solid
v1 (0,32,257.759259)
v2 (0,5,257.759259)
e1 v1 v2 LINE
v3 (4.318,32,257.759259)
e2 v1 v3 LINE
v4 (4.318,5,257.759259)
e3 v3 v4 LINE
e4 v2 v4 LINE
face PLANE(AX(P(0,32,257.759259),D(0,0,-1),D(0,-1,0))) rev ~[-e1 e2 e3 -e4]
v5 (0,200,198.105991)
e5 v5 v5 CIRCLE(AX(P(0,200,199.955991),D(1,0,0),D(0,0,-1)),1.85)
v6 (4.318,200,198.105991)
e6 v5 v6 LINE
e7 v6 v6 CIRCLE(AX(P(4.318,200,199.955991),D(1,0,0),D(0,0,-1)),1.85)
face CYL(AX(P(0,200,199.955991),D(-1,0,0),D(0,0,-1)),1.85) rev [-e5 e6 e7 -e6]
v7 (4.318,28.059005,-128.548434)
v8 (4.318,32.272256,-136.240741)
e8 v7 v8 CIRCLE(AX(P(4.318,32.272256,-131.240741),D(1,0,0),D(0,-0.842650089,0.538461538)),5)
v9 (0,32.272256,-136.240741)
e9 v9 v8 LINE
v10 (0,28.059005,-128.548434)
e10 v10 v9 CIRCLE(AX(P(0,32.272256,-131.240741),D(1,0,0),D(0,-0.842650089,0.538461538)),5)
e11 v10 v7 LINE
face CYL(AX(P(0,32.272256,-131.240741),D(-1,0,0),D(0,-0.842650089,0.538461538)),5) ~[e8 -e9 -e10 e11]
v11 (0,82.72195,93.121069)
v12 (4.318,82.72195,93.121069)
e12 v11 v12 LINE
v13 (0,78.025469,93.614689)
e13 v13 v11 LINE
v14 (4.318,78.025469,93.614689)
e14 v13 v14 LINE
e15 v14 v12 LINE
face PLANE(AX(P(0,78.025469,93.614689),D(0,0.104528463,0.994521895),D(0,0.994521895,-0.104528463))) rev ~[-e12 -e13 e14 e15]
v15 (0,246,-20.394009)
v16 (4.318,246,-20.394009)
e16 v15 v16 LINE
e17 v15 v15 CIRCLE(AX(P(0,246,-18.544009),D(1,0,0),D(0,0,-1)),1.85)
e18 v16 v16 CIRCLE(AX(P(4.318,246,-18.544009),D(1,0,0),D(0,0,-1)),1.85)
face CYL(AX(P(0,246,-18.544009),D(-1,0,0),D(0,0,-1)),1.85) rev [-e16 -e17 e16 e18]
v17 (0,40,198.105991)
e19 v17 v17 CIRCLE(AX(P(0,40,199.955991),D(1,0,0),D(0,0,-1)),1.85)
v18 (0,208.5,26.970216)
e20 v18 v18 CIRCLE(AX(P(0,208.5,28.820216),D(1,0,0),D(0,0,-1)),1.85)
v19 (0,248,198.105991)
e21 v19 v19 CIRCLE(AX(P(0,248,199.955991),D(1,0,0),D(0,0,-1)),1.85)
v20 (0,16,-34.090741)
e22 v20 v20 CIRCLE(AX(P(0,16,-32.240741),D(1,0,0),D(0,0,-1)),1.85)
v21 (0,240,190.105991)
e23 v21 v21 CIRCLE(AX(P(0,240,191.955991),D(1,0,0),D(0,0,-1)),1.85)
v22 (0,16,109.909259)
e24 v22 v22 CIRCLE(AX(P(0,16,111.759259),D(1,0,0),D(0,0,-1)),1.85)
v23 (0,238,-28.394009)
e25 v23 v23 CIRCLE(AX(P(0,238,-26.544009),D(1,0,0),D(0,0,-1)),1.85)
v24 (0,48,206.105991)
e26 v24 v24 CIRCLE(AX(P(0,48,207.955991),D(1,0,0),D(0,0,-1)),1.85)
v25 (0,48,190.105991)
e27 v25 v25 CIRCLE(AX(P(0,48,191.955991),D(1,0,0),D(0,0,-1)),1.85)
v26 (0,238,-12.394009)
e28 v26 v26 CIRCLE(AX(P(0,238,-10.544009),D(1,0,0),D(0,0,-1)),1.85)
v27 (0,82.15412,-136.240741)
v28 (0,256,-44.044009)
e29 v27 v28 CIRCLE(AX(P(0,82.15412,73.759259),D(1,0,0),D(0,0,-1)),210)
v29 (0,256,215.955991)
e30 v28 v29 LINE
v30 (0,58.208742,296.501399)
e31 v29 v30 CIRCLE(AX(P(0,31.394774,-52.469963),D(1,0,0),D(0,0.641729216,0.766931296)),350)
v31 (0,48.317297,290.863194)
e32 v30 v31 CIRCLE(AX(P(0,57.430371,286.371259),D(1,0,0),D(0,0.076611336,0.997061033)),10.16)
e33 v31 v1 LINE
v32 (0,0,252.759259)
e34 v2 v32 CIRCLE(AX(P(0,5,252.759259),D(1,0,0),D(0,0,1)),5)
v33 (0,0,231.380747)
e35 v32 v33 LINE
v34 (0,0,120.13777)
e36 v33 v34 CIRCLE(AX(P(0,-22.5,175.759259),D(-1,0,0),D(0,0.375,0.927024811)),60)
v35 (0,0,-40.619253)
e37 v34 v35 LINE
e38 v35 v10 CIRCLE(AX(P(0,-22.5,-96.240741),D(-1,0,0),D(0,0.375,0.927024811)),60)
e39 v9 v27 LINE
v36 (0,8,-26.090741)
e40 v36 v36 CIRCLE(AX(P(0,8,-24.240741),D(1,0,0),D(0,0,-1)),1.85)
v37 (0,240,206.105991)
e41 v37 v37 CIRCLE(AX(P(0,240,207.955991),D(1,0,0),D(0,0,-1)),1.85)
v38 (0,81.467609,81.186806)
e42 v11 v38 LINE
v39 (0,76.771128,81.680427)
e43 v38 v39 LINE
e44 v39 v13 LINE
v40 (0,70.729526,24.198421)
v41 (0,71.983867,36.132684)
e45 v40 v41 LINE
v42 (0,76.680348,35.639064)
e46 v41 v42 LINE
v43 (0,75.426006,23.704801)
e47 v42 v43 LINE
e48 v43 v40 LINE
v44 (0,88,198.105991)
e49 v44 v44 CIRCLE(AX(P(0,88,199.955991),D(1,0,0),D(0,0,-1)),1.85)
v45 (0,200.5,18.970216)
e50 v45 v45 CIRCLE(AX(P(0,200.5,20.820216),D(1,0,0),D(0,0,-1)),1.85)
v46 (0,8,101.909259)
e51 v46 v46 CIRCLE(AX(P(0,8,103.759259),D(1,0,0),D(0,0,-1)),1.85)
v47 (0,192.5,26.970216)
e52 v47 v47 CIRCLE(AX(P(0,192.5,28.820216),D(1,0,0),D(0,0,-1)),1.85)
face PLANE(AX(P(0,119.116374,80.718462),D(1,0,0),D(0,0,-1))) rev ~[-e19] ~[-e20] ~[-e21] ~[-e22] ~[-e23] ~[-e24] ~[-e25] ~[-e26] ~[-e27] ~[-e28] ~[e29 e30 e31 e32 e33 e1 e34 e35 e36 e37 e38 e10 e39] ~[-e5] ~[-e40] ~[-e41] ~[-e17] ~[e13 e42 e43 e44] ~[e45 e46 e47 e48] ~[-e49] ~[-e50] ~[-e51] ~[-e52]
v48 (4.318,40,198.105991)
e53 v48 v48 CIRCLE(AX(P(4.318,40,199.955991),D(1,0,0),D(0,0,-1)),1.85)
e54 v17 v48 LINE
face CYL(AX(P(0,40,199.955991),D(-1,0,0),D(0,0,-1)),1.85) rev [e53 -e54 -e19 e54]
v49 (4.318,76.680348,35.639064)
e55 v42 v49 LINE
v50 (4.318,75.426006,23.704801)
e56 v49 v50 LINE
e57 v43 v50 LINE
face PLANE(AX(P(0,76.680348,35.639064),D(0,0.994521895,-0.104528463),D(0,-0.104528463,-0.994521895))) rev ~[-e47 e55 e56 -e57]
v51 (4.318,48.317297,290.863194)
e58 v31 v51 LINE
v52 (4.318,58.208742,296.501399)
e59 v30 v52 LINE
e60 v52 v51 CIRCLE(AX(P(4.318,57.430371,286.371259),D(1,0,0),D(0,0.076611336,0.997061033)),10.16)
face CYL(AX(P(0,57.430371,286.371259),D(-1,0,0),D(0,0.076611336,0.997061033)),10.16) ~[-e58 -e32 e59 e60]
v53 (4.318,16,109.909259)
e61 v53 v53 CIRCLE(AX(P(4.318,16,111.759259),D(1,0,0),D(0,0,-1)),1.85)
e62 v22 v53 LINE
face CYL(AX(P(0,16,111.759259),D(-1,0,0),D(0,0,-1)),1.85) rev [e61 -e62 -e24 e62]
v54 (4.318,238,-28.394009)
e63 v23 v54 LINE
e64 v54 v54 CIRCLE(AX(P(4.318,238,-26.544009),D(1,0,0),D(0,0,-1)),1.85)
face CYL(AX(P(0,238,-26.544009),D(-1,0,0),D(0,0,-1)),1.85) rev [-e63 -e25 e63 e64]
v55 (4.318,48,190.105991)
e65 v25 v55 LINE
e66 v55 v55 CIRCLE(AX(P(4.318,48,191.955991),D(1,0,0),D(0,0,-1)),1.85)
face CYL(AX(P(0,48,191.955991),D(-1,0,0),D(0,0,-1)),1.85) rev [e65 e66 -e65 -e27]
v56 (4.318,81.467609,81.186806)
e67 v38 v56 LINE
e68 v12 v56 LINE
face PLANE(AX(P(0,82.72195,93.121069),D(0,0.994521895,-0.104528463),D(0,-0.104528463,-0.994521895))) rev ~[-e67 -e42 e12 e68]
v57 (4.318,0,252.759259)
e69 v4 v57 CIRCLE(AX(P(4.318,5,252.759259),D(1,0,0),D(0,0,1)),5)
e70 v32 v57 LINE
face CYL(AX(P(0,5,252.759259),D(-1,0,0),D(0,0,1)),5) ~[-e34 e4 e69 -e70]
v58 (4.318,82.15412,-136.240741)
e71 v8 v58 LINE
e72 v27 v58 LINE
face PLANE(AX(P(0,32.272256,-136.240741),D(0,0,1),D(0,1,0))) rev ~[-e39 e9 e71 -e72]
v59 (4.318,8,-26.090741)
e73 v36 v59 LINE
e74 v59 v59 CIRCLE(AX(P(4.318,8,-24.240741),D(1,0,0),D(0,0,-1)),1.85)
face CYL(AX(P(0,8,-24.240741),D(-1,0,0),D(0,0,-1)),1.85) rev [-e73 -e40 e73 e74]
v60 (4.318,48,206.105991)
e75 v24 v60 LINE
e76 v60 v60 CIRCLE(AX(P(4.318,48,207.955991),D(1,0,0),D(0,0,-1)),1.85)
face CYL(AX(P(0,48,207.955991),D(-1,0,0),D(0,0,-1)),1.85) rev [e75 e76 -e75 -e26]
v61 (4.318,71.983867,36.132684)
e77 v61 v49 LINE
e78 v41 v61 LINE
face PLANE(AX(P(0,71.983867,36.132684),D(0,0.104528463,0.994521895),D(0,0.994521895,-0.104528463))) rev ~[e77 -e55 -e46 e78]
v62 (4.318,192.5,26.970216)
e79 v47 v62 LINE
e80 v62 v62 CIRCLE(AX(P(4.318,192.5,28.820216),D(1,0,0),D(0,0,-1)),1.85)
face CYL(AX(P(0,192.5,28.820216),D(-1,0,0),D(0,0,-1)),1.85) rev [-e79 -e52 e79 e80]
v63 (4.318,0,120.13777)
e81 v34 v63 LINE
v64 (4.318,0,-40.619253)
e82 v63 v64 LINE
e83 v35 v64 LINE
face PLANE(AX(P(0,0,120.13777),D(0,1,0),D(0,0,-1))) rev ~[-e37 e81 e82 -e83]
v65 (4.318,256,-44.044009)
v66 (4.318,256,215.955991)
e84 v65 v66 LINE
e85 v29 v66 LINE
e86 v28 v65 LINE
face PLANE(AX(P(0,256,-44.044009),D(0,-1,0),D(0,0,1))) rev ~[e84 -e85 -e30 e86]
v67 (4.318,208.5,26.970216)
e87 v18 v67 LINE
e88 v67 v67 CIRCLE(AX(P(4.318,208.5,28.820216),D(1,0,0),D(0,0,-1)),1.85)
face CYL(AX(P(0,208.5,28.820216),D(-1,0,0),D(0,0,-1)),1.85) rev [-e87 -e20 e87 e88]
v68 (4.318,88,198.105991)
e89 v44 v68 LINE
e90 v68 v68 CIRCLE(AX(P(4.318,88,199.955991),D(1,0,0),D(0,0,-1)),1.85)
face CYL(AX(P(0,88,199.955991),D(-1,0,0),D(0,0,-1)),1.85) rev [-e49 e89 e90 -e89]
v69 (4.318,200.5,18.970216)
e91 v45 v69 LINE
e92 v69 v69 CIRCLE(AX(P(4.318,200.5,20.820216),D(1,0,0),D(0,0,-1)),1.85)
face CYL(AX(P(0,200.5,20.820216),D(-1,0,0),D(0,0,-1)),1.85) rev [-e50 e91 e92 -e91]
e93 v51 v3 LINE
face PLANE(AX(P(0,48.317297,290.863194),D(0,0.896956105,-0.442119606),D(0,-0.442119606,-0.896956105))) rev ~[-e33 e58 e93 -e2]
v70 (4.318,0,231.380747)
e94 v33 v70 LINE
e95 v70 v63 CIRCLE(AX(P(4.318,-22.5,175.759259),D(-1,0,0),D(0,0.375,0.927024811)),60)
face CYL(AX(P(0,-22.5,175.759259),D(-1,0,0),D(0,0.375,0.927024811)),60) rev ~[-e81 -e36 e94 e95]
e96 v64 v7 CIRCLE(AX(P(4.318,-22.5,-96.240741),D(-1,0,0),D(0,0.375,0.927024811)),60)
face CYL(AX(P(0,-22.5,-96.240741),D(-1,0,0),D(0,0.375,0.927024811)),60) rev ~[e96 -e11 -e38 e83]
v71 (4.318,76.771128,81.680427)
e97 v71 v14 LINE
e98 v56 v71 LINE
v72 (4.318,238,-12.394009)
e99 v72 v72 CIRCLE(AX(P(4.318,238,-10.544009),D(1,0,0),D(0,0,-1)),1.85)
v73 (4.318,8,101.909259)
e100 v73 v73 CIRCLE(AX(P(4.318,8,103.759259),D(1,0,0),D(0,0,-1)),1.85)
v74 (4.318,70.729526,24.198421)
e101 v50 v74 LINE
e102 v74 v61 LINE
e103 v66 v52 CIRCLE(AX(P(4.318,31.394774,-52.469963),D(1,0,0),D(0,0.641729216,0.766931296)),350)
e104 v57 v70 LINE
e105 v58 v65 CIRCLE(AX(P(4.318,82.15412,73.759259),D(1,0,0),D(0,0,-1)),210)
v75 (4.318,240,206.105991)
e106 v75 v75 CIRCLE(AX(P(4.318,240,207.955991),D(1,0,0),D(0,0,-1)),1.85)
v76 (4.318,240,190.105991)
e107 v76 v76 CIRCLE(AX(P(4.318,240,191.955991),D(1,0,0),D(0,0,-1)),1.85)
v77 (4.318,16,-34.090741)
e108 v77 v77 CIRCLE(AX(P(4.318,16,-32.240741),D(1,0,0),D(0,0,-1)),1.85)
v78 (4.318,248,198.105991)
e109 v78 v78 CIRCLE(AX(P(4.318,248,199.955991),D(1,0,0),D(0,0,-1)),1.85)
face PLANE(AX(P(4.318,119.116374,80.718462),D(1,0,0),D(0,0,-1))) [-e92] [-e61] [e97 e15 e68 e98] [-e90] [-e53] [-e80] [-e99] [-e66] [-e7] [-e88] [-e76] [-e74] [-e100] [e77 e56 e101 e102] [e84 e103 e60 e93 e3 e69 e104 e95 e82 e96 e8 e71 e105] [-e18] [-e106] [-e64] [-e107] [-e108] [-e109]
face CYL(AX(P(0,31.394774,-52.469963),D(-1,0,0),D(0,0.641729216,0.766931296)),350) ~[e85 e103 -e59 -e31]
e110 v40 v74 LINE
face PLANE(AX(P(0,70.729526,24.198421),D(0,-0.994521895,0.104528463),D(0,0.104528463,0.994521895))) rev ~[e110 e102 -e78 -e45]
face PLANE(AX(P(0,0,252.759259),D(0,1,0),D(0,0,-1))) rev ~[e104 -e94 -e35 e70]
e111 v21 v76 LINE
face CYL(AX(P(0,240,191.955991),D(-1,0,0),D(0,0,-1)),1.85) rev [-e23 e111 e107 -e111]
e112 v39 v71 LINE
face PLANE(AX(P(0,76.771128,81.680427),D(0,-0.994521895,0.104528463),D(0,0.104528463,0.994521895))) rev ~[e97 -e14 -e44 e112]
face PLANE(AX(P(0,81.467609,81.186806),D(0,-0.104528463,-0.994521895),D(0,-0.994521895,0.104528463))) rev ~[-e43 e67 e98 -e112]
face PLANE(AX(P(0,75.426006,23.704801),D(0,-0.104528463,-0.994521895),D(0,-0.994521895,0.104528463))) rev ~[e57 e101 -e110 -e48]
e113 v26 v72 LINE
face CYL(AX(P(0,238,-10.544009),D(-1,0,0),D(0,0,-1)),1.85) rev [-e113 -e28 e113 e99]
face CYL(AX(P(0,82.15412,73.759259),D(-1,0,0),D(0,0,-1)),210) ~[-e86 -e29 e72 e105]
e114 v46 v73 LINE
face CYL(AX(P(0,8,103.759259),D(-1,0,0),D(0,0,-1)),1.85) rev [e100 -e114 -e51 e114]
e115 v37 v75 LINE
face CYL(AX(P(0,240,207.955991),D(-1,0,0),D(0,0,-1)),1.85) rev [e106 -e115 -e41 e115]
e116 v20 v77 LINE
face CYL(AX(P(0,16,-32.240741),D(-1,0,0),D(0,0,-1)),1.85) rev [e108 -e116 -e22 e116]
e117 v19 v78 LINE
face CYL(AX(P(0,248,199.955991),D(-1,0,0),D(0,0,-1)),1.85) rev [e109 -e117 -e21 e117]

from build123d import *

# Parameters (mm, degrees)
SKETCH1_R           = 1.85
BOSS_EXTRUDE1_DEPTH = 4.318


with BuildPart() as part:
    # Sketch1 → Boss-Extrude1 (new body)
    with BuildSketch(Plane(origin=(0, 0, 0), x_dir=(0, 0, -1), z_dir=(1, 0, 0))):
        with BuildLine():
            Line((136.240741284, 32.272255751), (136.240741284, 82.154119676))
            ThreePointArc((136.240741284, 82.154119676), (111.765249408, 180.544448903), (44.044009042, 256))
            Line((44.044009042, 256), (-215.955990958, 256))
            ThreePointArc((-215.955990958, 256), (-271.683097829, 163.39777941), (-296.50139881, 58.208741794))
            ThreePointArc((-296.50139881, 58.208741794), (-295.198004633, 52.399053051), (-290.863193916, 48.3172966))
            Line((-290.863193916, 48.3172966), (-257.759258716, 32))
            Line((-257.759258716, 32), (-257.759258716, 5))
            ThreePointArc((-257.759258716, 5), (-256.294792622, 1.464466094), (-252.759258716, 0))
            Line((-252.759258716, 0), (-231.380747369, 0))
            ThreePointArc((-231.380747369, 0), (-175.759258716, 37.5), (-120.137770063, 0))
            Line((-120.137770063, 0), (40.619252631, 0))
            ThreePointArc((40.619252631, 0), (78.000395352, 34.660211514), (128.548433592, 28.059005308))
            ThreePointArc((128.548433592, 28.059005308), (133.642663591, 27.886965654), (136.240741284, 32.272255751))
        make_face()
        with Locations((-207.955990958, 48)):
            Circle(SKETCH1_R, mode=Mode.SUBTRACT)
        with Locations((-191.955990958, 48)):
            Circle(SKETCH1_R, mode=Mode.SUBTRACT)
        with Locations((-199.955990958, 40)):
            Circle(SKETCH1_R, mode=Mode.SUBTRACT)
        with Locations((-199.955990958, 200)):
            Circle(SKETCH1_R, mode=Mode.SUBTRACT)
        with Locations((-191.955990958, 240)):
            Circle(SKETCH1_R, mode=Mode.SUBTRACT)
        with Locations((-207.955990958, 240)):
            Circle(SKETCH1_R, mode=Mode.SUBTRACT)
        with Locations((-199.955990958, 248)):
            Circle(SKETCH1_R, mode=Mode.SUBTRACT)
        with Locations((-199.955990958, 88)):
            Circle(SKETCH1_R, mode=Mode.SUBTRACT)
        with Locations((-111.759258716, 16)):
            Circle(SKETCH1_R, mode=Mode.SUBTRACT)
        with Locations((32.240741284, 16)):
            Circle(SKETCH1_R, mode=Mode.SUBTRACT)
        with Locations((24.240741284, 8)):
            Circle(SKETCH1_R, mode=Mode.SUBTRACT)
        with Locations((-103.759258716, 8)):
            Circle(SKETCH1_R, mode=Mode.SUBTRACT)
        with Locations((-28.820215612, 192.5)):
            Circle(SKETCH1_R, mode=Mode.SUBTRACT)
        with Locations((-20.820215612, 200.5)):
            Circle(SKETCH1_R, mode=Mode.SUBTRACT)
        with Locations((-28.820215612, 208.5)):
            Circle(SKETCH1_R, mode=Mode.SUBTRACT)
        with Locations((26.544009042, 238)):
            Circle(SKETCH1_R, mode=Mode.SUBTRACT)
        with Locations((10.544009042, 238)):
            Circle(SKETCH1_R, mode=Mode.SUBTRACT)
        with Locations((18.544009042, 246)):
            Circle(SKETCH1_R, mode=Mode.SUBTRACT)
        Polygon((-93.121069237, 82.721950219), (-81.186806492, 81.46760866), (-81.680426507, 76.771127937), (-93.614689252, 78.025469496), align=None, mode=Mode.SUBTRACT)
        Polygon((-35.639064197, 76.680348038), (-23.704801453, 75.426006479), (-24.198421467, 70.729525756), (-36.132684212, 71.983867315), align=None, mode=Mode.SUBTRACT)
    extrude(amount=BOSS_EXTRUDE1_DEPTH)


solid = part.part
